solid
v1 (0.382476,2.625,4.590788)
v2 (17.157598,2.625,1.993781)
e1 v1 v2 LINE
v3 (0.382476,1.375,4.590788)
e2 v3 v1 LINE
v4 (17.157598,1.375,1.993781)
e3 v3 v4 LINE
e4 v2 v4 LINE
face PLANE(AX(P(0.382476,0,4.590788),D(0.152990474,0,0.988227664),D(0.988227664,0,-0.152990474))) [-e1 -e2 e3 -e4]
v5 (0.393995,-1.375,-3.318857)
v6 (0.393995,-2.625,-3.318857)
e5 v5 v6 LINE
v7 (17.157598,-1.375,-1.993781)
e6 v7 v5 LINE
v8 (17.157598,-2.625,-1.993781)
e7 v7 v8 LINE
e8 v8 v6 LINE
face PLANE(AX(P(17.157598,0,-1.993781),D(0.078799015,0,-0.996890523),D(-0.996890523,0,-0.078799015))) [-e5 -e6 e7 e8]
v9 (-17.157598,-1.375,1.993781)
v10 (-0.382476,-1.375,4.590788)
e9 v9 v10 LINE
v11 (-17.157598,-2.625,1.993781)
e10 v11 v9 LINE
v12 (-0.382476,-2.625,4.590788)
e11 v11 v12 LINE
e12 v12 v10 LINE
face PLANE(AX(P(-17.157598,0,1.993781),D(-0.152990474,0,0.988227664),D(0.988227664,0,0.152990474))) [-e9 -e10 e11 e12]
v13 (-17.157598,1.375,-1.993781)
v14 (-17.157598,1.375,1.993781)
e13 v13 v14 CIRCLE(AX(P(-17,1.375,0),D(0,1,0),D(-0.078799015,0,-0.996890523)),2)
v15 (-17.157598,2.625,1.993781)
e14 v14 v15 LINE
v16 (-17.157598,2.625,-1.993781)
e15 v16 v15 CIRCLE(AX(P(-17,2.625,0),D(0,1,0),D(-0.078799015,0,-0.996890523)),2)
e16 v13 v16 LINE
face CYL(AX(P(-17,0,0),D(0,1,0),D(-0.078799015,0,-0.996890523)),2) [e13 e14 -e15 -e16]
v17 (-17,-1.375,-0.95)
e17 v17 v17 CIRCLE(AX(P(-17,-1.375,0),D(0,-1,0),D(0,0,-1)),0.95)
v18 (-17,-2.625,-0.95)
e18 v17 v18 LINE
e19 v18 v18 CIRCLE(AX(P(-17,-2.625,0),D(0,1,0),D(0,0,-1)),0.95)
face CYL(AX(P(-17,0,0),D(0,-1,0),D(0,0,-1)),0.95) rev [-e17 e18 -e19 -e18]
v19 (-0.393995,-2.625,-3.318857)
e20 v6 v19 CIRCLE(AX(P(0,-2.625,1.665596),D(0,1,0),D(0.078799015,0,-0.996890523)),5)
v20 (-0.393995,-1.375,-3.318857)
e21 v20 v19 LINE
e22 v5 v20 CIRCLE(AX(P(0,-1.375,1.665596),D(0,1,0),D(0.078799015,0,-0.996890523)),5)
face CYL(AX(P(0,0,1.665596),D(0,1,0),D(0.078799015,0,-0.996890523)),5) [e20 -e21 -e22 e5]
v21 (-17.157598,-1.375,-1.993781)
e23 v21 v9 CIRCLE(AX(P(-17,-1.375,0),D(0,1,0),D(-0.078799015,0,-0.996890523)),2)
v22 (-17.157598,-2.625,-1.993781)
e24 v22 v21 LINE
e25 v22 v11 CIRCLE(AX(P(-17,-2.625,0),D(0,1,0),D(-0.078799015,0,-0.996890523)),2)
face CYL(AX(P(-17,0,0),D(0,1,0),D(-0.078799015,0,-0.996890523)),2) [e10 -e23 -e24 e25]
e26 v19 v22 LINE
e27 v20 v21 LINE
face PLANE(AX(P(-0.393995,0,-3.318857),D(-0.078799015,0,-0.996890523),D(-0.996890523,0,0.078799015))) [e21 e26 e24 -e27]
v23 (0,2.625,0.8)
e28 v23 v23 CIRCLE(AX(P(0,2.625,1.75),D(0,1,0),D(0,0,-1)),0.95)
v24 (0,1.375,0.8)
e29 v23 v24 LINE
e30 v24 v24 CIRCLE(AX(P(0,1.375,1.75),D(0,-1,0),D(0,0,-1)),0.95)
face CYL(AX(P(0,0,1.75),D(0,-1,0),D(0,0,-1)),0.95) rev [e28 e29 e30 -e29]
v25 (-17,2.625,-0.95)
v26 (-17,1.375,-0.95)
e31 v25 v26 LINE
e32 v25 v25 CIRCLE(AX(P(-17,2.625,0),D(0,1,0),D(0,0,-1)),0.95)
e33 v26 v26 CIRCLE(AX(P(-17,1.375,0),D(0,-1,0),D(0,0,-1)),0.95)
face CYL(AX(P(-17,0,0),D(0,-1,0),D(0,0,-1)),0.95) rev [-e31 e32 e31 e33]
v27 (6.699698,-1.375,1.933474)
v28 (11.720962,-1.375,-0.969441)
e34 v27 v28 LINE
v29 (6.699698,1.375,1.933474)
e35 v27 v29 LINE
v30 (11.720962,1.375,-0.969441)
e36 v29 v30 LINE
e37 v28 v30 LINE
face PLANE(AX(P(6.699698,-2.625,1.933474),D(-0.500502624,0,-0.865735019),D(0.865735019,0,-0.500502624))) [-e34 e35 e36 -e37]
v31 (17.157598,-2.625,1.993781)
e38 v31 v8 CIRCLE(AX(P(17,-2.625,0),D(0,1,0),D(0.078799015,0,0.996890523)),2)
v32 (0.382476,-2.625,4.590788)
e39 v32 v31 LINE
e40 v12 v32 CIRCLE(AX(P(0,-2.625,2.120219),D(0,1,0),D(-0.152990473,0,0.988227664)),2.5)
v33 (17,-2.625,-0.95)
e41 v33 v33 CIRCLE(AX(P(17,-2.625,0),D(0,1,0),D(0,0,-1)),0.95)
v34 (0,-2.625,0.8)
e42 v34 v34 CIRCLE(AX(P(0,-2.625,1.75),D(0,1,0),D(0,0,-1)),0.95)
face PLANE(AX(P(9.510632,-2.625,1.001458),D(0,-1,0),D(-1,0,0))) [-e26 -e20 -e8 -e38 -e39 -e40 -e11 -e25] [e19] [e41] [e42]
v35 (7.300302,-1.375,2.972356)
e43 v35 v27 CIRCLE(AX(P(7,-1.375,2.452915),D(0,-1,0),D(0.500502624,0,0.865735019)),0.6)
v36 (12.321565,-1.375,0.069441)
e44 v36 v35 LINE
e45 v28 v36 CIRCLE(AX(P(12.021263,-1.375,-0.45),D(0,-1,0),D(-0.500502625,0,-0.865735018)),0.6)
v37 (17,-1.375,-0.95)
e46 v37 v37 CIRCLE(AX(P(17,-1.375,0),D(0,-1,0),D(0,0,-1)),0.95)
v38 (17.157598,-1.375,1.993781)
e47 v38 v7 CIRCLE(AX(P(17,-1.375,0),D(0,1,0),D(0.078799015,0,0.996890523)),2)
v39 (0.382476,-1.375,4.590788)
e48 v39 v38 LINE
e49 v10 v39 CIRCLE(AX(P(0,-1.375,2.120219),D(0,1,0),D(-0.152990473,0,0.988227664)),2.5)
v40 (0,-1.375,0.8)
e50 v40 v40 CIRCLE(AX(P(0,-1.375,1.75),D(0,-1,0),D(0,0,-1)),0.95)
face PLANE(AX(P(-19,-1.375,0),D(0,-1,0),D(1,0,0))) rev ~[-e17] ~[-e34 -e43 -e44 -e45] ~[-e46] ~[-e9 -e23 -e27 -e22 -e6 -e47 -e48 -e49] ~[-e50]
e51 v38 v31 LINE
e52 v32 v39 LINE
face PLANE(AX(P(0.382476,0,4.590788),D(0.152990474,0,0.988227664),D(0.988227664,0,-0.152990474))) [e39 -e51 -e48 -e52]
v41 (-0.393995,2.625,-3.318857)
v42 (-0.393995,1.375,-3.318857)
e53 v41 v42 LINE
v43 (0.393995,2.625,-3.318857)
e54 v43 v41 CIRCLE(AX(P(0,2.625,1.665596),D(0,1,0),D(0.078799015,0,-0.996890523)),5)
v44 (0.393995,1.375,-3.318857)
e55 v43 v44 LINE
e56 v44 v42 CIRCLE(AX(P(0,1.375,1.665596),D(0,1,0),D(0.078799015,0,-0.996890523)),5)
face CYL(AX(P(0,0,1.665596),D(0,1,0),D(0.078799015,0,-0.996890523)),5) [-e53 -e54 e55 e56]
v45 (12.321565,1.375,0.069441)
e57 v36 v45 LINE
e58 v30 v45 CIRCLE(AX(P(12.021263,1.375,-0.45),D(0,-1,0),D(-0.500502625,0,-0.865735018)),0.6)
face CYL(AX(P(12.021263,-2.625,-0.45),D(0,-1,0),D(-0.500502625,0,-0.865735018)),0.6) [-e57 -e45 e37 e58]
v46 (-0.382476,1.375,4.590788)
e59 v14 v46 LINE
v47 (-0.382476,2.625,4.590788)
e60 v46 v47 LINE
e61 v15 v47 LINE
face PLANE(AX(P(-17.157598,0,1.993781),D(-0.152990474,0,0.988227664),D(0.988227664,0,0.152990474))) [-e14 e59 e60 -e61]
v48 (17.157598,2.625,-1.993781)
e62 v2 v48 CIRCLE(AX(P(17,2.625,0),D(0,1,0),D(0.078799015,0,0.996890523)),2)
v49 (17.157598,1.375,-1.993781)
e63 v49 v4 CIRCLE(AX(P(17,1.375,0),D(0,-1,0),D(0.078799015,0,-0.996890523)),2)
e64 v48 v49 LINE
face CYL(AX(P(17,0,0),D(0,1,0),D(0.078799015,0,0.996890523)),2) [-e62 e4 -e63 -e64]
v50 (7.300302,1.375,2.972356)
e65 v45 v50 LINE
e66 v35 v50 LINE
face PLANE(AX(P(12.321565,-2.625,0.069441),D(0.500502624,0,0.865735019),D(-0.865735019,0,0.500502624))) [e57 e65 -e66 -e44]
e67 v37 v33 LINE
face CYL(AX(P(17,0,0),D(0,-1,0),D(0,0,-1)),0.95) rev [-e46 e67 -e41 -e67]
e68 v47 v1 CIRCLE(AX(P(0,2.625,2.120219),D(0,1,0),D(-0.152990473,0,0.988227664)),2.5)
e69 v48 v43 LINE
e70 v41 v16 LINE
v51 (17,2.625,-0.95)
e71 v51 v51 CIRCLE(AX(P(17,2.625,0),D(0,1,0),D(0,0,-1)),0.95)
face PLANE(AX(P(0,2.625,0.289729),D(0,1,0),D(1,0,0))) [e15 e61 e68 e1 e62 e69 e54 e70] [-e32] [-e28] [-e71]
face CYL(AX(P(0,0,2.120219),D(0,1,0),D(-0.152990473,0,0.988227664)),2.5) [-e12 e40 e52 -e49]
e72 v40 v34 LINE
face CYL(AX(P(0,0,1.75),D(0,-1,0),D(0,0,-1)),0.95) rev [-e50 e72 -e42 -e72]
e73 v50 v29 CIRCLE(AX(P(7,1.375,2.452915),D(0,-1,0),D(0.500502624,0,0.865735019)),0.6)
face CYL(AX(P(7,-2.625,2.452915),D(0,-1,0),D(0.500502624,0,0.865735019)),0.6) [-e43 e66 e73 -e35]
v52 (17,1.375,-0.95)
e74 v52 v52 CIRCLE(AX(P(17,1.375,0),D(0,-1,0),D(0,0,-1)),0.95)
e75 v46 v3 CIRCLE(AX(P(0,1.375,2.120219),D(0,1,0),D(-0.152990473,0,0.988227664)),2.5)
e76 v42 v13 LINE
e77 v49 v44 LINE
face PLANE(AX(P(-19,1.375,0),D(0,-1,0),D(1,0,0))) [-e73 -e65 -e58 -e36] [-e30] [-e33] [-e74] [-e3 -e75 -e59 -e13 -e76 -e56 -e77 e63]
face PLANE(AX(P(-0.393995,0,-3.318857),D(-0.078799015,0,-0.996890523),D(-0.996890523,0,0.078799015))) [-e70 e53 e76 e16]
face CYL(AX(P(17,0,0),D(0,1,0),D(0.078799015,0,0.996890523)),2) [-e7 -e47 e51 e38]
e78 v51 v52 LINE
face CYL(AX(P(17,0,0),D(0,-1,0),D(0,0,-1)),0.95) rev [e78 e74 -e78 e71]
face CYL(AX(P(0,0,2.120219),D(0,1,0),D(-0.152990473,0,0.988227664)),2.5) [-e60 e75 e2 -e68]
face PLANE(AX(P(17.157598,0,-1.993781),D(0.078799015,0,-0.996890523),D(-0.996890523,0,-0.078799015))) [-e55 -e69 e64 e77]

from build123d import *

# Parameters (mm, degrees)
SKETCH1_R                = 0.95
BOSS_EXTRUDE1_DEPTH      = 2.625
SKETCH3_W                = 38
SKETCH3_H                = 2.75
CUT_EXTRUDE1_DEPTH       = 5
BOSS_EXTRUDE3_DEPTH      = 1.375
BOSS_EXTRUDE3_DEPTH_BACK = 2.625


with BuildPart() as part:
    # Sketch1 → Boss-Extrude1 (new, symmetric)
    with BuildSketch(Plane(origin=(0, 0, 0), x_dir=(1, 0, 0), z_dir=(0, 1, 0))):
        with BuildLine():
            Line((-0.393995074, 3.318856737), (-17.15759803, 1.993781046))
            ThreePointArc((-17.15759803, 1.993781046), (-19, 0), (-17.15759803, -1.993781046))
            Line((-17.15759803, -1.993781046), (-0.382476184, -4.590787721))
            ThreePointArc((-0.382476184, -4.590787721), (0, -4.620218562), (0.382476184, -4.590787721))
            Line((0.382476184, -4.590787721), (17.15759803, -1.993781046))
            ThreePointArc((17.15759803, -1.993781046), (19, 0), (17.15759803, 1.993781046))
            Line((17.15759803, 1.993781046), (0.393995074, 3.318856737))
            ThreePointArc((0.393995074, 3.318856737), (0, 3.334404121), (-0.393995074, 3.318856737))
        make_face()
        with Locations(Location((-17, 0, 0), (0, 0, 90))):
            Circle(SKETCH1_R, mode=Mode.SUBTRACT)
        with Locations(Location((17, 0, 0), (0, 0, 90))):
            Circle(SKETCH1_R, mode=Mode.SUBTRACT)
        with Locations(Location((0, -1.75, 0), (0, 0, 90))):
            Circle(SKETCH1_R, mode=Mode.SUBTRACT)
    extrude(amount=BOSS_EXTRUDE1_DEPTH, both=True)

    # Sketch3 → Cut-Extrude1 (cut, symmetric)
    with BuildSketch(Plane.XY):
        Rectangle(SKETCH3_W, SKETCH3_H)
    extrude(amount=CUT_EXTRUDE1_DEPTH, both=True, mode=Mode.SUBTRACT)


with BuildPart() as cut_extrude1_piece_1:
    # of the separate pieces the step leaves, piece 1, a body of its own (cut_extrude1_pieces)
    add(part.part.solids().sort_by_distance((0.393995074, -1.375, -3.318856737))[0])



with BuildPart() as cut_extrude1_piece_2:
    # of the separate pieces the step leaves, piece 2, a body of its own (cut_extrude1_pieces)
    add(part.part.solids().sort_by_distance((0.393995074, 2.625, -3.318856737))[0])


with BuildPart() as cut_extrude1_piece_1_1:
    add(cut_extrude1_piece_1.part)

    add(cut_extrude1_piece_2.part)  # Boss-Extrude3 merges Cut-Extrude1 piece 2
    # Sketch4 → Boss-Extrude3 (add, two sides: drawn at the far end of the back side and taken through both)
    with BuildSketch(Plane(origin=(0, 0, 0), x_dir=(1, 0, 0), z_dir=(0, 1, 0)).offset(-BOSS_EXTRUDE3_DEPTH_BACK)):
        with BuildLine():
            Line((6.699698425, -1.933474209), (11.720961536, 0.969441011))
            ThreePointArc((11.720961536, 0.969441011), (12.540704122, 0.750301575), (12.321564685, -0.069441011))
            Line((12.321564685, -0.069441011), (7.300301575, -2.972356232))
            ThreePointArc((7.300301575, -2.972356232), (6.480558989, -2.753216795), (6.699698425, -1.933474209))
        make_face()
    extrude(amount=BOSS_EXTRUDE3_DEPTH + BOSS_EXTRUDE3_DEPTH_BACK)


solid = cut_extrude1_piece_1_1.part
